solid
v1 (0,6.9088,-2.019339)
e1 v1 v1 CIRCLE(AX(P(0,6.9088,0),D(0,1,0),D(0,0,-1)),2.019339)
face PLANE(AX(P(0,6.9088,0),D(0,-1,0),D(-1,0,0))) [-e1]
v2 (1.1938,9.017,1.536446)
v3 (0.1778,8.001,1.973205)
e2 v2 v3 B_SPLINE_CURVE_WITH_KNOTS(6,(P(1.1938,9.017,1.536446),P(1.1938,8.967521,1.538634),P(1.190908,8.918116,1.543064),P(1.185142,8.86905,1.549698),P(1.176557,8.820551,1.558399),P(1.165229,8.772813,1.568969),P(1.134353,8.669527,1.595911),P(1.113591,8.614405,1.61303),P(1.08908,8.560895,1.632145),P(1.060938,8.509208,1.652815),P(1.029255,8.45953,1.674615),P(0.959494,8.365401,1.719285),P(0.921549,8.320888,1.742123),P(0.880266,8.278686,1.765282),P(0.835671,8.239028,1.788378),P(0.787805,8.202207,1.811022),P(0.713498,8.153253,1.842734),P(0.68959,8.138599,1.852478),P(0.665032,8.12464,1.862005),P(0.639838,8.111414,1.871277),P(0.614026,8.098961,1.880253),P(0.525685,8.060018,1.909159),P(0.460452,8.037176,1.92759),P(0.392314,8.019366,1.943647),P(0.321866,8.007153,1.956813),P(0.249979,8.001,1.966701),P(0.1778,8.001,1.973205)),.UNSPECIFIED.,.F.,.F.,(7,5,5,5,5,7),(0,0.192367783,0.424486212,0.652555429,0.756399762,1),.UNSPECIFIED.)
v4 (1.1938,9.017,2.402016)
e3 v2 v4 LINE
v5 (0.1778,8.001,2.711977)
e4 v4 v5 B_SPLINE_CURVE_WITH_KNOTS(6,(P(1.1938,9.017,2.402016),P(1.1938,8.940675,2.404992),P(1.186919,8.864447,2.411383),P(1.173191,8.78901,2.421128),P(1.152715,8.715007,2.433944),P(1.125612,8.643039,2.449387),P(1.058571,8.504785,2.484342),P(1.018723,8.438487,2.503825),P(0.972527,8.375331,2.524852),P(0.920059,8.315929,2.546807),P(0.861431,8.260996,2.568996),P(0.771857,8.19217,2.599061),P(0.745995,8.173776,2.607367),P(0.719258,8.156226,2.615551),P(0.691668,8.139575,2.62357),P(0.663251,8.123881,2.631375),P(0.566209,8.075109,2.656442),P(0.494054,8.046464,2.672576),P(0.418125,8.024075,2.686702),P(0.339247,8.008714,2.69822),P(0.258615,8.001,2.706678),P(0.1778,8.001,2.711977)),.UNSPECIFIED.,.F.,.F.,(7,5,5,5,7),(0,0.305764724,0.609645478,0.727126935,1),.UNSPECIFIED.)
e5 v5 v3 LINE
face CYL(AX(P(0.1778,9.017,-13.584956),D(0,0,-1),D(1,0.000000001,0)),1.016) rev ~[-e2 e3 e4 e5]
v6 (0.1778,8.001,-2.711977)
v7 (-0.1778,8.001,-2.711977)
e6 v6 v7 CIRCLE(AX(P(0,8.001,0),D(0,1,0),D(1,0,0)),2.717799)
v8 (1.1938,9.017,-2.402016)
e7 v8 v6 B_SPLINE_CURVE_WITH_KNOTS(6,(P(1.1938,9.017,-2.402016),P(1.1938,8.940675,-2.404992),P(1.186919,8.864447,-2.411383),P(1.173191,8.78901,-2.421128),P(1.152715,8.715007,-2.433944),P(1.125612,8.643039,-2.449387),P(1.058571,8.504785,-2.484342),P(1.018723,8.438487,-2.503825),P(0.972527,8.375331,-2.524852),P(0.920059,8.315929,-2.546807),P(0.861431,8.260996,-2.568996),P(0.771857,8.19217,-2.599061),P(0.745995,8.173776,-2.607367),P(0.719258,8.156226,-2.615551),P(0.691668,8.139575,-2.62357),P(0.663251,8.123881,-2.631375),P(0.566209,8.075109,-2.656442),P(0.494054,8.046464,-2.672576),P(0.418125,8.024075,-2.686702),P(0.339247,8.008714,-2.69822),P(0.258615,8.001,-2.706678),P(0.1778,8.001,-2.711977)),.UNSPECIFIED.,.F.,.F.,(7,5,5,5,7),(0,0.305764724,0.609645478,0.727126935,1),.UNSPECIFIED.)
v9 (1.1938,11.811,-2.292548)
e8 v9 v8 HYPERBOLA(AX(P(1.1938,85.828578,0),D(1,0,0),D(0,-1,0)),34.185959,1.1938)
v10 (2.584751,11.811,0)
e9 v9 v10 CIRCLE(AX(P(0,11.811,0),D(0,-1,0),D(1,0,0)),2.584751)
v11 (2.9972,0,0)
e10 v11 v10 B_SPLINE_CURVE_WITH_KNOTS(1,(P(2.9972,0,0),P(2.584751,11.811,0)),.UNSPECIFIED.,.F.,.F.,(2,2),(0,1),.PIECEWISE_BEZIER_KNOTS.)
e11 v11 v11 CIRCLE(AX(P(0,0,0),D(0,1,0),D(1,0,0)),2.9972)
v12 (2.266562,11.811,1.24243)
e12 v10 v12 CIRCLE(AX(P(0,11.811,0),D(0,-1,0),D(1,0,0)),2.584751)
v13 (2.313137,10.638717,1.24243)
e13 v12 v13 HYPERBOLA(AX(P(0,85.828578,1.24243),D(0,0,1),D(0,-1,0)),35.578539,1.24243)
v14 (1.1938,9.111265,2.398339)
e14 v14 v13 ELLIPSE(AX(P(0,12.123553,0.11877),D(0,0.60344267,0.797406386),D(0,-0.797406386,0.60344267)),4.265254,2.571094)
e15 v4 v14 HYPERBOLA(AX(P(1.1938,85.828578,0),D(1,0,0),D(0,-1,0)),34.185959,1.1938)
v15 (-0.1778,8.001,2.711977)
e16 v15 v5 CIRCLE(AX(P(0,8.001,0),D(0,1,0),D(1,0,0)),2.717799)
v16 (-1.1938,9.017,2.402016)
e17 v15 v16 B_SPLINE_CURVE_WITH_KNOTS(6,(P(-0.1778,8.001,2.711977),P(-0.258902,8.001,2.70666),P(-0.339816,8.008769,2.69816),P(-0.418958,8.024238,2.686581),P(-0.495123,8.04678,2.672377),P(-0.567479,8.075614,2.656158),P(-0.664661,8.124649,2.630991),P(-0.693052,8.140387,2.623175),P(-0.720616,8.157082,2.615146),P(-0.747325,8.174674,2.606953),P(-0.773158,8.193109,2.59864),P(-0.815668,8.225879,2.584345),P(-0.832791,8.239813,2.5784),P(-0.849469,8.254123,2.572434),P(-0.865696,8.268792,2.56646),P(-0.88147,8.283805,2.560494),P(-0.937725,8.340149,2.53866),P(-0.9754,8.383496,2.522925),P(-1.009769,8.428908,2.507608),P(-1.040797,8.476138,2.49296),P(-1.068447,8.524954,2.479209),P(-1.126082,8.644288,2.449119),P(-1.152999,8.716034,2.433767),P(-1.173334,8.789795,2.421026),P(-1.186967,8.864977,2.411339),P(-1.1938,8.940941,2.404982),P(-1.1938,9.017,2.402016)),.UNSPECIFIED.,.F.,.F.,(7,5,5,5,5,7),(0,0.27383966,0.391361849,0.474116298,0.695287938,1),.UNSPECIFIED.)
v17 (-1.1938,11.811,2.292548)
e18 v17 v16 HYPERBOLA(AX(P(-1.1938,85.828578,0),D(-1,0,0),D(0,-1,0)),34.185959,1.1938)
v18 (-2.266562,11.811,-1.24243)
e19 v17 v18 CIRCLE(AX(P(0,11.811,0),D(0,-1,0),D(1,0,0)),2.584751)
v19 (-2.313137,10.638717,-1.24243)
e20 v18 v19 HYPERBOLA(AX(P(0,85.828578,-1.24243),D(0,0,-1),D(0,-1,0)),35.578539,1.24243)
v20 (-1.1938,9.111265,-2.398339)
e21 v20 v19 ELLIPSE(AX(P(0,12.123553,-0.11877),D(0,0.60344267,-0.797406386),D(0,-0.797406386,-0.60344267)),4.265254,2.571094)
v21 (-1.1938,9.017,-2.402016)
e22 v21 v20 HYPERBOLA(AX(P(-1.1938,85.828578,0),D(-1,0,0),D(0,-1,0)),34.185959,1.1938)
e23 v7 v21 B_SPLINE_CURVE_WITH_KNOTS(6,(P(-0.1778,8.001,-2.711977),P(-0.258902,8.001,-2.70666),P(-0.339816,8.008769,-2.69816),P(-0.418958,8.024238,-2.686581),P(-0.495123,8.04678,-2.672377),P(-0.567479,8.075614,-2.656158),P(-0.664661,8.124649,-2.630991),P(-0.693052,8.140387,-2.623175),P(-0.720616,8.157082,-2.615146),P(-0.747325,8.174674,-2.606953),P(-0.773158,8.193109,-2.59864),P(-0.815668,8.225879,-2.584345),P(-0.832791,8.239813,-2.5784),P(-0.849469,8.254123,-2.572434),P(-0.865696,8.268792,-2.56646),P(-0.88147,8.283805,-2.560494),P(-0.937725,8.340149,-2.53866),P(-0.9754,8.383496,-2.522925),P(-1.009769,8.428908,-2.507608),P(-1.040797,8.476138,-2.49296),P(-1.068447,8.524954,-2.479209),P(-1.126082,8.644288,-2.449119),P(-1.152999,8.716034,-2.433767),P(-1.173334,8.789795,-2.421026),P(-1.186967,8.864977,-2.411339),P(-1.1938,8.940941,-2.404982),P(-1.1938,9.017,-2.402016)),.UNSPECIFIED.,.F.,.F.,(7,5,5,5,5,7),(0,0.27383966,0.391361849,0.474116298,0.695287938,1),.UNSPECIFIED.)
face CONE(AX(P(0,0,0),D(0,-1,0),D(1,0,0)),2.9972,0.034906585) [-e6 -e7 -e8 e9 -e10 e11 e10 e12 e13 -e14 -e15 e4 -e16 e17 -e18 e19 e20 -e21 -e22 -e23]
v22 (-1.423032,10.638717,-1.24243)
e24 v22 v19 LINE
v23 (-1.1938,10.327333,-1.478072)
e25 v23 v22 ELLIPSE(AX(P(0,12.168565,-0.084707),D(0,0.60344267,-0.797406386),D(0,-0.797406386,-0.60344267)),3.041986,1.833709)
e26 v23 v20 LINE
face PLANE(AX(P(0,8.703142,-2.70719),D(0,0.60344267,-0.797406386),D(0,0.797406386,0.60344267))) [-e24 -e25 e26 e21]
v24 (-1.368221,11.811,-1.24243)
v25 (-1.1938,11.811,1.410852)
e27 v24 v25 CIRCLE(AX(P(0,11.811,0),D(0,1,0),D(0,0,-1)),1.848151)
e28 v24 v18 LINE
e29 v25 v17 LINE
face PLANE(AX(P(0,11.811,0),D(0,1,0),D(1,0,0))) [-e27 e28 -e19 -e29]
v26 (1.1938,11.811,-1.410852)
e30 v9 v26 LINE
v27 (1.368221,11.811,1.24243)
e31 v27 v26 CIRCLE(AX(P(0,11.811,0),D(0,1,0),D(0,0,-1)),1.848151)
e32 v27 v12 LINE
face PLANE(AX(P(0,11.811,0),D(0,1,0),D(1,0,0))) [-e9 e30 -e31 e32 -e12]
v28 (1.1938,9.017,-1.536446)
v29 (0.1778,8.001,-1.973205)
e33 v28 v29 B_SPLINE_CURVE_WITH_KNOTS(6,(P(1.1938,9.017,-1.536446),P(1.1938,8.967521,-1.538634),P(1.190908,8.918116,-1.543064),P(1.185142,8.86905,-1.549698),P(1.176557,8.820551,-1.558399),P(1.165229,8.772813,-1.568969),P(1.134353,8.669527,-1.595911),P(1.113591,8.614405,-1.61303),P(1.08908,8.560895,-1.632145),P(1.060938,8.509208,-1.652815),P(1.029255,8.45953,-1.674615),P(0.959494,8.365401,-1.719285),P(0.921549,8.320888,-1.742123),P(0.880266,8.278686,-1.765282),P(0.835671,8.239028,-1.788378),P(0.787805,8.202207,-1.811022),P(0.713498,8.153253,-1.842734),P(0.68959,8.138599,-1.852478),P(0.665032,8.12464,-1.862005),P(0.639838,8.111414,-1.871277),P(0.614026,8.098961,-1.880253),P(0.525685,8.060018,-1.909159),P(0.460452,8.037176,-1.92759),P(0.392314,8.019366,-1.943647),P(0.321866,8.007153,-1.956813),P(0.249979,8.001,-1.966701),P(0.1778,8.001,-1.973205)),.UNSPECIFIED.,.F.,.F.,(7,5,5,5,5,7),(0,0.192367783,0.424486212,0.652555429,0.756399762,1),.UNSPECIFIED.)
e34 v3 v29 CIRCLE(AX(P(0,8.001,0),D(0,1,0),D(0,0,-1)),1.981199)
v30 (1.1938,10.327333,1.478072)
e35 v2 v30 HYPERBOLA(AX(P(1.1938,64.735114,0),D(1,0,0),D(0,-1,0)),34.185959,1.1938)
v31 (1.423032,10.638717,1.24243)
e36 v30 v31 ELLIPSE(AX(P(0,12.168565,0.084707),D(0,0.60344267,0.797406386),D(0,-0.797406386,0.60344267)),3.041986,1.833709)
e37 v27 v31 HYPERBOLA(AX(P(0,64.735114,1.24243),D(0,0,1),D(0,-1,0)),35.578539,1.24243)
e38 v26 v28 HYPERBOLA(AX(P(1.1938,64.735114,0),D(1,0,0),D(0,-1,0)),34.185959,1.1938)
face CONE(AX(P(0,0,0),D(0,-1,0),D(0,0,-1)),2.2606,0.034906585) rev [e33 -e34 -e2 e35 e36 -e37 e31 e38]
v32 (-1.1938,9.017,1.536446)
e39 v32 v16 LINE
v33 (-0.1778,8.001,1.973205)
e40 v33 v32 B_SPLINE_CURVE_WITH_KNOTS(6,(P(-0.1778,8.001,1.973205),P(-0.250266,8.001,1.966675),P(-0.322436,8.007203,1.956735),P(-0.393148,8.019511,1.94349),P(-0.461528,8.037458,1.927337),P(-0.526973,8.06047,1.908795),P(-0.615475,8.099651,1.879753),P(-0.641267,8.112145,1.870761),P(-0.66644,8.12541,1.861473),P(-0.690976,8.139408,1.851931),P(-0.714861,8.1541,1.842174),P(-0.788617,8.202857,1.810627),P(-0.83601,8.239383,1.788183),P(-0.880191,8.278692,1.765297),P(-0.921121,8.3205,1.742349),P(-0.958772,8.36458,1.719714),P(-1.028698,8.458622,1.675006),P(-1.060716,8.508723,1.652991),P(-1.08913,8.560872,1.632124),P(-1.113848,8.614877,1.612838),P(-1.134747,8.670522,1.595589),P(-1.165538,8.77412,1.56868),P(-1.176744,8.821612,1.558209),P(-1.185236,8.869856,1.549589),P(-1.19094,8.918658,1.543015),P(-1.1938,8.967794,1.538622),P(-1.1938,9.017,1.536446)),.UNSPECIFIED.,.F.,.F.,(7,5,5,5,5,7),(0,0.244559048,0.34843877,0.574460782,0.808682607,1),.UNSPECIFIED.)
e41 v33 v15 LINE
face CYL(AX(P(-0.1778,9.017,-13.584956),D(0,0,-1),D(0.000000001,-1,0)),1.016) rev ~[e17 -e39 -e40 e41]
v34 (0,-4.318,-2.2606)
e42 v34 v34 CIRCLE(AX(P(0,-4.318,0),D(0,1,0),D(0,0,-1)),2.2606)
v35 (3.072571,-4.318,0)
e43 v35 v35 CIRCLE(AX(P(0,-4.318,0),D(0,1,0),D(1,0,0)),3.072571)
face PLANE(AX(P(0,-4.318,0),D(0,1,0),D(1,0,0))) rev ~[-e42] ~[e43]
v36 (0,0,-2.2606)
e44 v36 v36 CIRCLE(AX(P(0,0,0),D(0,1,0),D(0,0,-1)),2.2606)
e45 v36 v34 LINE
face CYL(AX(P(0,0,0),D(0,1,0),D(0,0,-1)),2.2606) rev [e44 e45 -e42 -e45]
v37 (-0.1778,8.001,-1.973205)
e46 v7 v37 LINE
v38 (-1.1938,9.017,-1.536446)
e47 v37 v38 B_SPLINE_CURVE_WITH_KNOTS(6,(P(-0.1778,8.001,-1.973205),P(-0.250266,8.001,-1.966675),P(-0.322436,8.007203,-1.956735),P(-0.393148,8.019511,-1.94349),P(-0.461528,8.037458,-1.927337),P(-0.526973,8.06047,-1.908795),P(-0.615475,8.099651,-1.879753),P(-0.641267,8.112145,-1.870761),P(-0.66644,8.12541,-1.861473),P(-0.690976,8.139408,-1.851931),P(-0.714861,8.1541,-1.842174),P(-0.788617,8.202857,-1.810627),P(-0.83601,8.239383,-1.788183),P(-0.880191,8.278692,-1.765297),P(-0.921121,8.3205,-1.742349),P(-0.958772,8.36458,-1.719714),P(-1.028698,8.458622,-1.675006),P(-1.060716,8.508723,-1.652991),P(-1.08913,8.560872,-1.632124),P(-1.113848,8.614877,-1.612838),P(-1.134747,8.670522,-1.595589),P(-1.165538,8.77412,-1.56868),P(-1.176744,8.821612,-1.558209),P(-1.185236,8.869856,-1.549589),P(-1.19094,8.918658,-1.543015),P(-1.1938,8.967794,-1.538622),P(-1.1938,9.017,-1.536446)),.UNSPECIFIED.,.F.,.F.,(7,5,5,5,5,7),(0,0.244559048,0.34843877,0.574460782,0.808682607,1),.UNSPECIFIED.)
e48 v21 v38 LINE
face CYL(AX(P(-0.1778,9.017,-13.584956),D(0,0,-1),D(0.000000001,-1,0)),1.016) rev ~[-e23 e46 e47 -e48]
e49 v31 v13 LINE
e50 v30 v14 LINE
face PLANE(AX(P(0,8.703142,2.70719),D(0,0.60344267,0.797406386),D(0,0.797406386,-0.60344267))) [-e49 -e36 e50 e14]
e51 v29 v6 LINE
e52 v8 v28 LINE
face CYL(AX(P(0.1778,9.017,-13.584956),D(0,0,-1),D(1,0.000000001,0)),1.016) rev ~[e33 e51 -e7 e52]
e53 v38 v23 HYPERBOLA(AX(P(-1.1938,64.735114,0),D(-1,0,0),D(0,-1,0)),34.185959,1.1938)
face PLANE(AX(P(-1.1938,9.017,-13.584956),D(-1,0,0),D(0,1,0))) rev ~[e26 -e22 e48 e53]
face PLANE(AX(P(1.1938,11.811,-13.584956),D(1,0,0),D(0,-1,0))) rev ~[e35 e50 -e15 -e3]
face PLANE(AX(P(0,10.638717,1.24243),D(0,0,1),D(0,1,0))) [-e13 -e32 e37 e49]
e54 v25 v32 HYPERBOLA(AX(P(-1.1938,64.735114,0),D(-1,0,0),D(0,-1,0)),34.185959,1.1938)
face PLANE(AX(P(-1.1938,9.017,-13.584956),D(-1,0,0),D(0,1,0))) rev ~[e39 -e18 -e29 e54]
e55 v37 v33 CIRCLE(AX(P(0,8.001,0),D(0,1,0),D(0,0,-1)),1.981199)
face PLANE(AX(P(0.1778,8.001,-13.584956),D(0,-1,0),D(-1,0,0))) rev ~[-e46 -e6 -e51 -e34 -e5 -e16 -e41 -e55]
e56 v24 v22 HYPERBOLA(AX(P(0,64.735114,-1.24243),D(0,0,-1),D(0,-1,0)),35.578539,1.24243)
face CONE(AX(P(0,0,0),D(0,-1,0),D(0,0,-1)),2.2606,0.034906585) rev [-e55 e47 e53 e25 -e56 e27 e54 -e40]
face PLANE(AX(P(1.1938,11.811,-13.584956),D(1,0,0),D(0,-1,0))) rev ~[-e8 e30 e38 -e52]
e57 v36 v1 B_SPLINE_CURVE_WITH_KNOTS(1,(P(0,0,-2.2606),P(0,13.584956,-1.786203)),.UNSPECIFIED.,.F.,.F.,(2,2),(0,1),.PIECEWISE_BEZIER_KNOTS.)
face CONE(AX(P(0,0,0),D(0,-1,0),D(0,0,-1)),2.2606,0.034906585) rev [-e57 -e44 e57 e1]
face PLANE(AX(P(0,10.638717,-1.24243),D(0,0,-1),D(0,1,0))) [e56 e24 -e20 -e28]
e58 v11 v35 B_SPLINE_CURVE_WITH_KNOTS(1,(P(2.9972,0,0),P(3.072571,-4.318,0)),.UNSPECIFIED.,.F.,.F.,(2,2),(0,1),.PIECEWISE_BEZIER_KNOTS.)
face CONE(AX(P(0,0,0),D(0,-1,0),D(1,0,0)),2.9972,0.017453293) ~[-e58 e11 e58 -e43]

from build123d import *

# Parameters (mm, degrees)
SKETCH1_R                   = 2.9972
INSERT_DEPTH                = 11.811
INSERT_TAPER                = 2
INSERT_OTHER_WAY_DEPTH      = 4.318
INSERT_OTHER_WAY_TAPER      = -1
SKETCH2_R                   = 2.2606
INSERT_BORE_DEPTH           = 13.584955674
INSERT_BORE_TAPER           = 2
INSERT_BORE_OTHER_WAY_DEPTH = 13.584955674
PASS_CUT_DEPTH              = 13.584955674
PASS_CUT_DEPTH_BACK         = 13.584955674
PASS_CHIP_DEPTH             = 13.584955674
CIRPATTERN1_COUNT           = 2
SKETCH5_R                   = 2.032
BOSS_EXTRUDE1_DEPTH         = 1.0922


with BuildPart() as part:
    # Sketch1 → insert (new body)
    with BuildSketch(Plane(origin=(0, 0, 0), x_dir=(1, 0, 0), z_dir=(0, 1, 0))):
        Circle(SKETCH1_R)
    extrude(amount=INSERT_DEPTH, taper=INSERT_TAPER)

    # Sketch1 → insert other way (add)
    with BuildSketch(Plane(origin=(0, 0, 0), x_dir=(1, 0, 0), z_dir=(0, 1, 0))):
        Circle(SKETCH1_R)
    extrude(amount=-INSERT_OTHER_WAY_DEPTH, taper=INSERT_OTHER_WAY_TAPER)

    # Sketch2 → insert bore (cut)
    with BuildSketch(Plane.XZ):
        with Locations(Location((0, 0, 0), (0, 0, 270))):
            Circle(SKETCH2_R)
    extrude(amount=-INSERT_BORE_DEPTH, taper=INSERT_BORE_TAPER, mode=Mode.SUBTRACT)

    # Sketch2 → insert bore other way (cut)
    with BuildSketch(Plane.XZ):
        with Locations(Location((0, 0, 0), (0, 0, 270))):
            Circle(SKETCH2_R)
    extrude(amount=INSERT_BORE_OTHER_WAY_DEPTH, mode=Mode.SUBTRACT)

    # Sketch3 → pass cut (cut, two sides: drawn at the far end of the back side and taken through both)
    with BuildSketch(Plane.XY.offset(-PASS_CUT_DEPTH_BACK)):
        with BuildLine():
            Line((-1.1938, 11.811), (1.1938, 11.811))
            Line((1.1938, 11.811), (1.1938, 9.017))
            ThreePointArc((1.1938, 9.017), (0.89622049, 8.29857951), (0.1778, 8.001))
            Line((0.1778, 8.001), (-0.1778, 8.001))
            ThreePointArc((-0.1778, 8.001), (-0.89622049, 8.29857951), (-1.1938, 9.017))
            Line((-1.1938, 9.017), (-1.1938, 11.811))
        make_face()
    extrude(amount=PASS_CUT_DEPTH + PASS_CUT_DEPTH_BACK, mode=Mode.SUBTRACT)

    # Sketch4 → pass chip (cut, through all)
    with BuildSketch(Plane(origin=(0, 0, 0), x_dir=(0, 0, -1), z_dir=(1, 0, 0))):
        Polygon((1.242429972, 11.811), (2.707189518, 11.811), (2.707189518, 8.703141678), (1.242429972, 10.638716792), align=None)
    pass_chip = extrude(amount=-PASS_CHIP_DEPTH, mode=Mode.SUBTRACT)

    # CirPattern1: pass chip ×2 about axis
    cirpattern1_axis = Axis((0, -4.318, 0), (0, 1, 0))
    for i in range(1, CIRPATTERN1_COUNT):
        add(pass_chip.rotate(cirpattern1_axis, i * 360 / CIRPATTERN1_COUNT), mode=Mode.SUBTRACT)

    # Sketch5 → Boss-Extrude1 (add)
    with BuildSketch(Plane(origin=(0, 8.001, 0), x_dir=(-1, 0, 0), z_dir=(0, -1, 0))):
        Circle(SKETCH5_R)
    extrude(amount=BOSS_EXTRUDE1_DEPTH)


solid = part.part
